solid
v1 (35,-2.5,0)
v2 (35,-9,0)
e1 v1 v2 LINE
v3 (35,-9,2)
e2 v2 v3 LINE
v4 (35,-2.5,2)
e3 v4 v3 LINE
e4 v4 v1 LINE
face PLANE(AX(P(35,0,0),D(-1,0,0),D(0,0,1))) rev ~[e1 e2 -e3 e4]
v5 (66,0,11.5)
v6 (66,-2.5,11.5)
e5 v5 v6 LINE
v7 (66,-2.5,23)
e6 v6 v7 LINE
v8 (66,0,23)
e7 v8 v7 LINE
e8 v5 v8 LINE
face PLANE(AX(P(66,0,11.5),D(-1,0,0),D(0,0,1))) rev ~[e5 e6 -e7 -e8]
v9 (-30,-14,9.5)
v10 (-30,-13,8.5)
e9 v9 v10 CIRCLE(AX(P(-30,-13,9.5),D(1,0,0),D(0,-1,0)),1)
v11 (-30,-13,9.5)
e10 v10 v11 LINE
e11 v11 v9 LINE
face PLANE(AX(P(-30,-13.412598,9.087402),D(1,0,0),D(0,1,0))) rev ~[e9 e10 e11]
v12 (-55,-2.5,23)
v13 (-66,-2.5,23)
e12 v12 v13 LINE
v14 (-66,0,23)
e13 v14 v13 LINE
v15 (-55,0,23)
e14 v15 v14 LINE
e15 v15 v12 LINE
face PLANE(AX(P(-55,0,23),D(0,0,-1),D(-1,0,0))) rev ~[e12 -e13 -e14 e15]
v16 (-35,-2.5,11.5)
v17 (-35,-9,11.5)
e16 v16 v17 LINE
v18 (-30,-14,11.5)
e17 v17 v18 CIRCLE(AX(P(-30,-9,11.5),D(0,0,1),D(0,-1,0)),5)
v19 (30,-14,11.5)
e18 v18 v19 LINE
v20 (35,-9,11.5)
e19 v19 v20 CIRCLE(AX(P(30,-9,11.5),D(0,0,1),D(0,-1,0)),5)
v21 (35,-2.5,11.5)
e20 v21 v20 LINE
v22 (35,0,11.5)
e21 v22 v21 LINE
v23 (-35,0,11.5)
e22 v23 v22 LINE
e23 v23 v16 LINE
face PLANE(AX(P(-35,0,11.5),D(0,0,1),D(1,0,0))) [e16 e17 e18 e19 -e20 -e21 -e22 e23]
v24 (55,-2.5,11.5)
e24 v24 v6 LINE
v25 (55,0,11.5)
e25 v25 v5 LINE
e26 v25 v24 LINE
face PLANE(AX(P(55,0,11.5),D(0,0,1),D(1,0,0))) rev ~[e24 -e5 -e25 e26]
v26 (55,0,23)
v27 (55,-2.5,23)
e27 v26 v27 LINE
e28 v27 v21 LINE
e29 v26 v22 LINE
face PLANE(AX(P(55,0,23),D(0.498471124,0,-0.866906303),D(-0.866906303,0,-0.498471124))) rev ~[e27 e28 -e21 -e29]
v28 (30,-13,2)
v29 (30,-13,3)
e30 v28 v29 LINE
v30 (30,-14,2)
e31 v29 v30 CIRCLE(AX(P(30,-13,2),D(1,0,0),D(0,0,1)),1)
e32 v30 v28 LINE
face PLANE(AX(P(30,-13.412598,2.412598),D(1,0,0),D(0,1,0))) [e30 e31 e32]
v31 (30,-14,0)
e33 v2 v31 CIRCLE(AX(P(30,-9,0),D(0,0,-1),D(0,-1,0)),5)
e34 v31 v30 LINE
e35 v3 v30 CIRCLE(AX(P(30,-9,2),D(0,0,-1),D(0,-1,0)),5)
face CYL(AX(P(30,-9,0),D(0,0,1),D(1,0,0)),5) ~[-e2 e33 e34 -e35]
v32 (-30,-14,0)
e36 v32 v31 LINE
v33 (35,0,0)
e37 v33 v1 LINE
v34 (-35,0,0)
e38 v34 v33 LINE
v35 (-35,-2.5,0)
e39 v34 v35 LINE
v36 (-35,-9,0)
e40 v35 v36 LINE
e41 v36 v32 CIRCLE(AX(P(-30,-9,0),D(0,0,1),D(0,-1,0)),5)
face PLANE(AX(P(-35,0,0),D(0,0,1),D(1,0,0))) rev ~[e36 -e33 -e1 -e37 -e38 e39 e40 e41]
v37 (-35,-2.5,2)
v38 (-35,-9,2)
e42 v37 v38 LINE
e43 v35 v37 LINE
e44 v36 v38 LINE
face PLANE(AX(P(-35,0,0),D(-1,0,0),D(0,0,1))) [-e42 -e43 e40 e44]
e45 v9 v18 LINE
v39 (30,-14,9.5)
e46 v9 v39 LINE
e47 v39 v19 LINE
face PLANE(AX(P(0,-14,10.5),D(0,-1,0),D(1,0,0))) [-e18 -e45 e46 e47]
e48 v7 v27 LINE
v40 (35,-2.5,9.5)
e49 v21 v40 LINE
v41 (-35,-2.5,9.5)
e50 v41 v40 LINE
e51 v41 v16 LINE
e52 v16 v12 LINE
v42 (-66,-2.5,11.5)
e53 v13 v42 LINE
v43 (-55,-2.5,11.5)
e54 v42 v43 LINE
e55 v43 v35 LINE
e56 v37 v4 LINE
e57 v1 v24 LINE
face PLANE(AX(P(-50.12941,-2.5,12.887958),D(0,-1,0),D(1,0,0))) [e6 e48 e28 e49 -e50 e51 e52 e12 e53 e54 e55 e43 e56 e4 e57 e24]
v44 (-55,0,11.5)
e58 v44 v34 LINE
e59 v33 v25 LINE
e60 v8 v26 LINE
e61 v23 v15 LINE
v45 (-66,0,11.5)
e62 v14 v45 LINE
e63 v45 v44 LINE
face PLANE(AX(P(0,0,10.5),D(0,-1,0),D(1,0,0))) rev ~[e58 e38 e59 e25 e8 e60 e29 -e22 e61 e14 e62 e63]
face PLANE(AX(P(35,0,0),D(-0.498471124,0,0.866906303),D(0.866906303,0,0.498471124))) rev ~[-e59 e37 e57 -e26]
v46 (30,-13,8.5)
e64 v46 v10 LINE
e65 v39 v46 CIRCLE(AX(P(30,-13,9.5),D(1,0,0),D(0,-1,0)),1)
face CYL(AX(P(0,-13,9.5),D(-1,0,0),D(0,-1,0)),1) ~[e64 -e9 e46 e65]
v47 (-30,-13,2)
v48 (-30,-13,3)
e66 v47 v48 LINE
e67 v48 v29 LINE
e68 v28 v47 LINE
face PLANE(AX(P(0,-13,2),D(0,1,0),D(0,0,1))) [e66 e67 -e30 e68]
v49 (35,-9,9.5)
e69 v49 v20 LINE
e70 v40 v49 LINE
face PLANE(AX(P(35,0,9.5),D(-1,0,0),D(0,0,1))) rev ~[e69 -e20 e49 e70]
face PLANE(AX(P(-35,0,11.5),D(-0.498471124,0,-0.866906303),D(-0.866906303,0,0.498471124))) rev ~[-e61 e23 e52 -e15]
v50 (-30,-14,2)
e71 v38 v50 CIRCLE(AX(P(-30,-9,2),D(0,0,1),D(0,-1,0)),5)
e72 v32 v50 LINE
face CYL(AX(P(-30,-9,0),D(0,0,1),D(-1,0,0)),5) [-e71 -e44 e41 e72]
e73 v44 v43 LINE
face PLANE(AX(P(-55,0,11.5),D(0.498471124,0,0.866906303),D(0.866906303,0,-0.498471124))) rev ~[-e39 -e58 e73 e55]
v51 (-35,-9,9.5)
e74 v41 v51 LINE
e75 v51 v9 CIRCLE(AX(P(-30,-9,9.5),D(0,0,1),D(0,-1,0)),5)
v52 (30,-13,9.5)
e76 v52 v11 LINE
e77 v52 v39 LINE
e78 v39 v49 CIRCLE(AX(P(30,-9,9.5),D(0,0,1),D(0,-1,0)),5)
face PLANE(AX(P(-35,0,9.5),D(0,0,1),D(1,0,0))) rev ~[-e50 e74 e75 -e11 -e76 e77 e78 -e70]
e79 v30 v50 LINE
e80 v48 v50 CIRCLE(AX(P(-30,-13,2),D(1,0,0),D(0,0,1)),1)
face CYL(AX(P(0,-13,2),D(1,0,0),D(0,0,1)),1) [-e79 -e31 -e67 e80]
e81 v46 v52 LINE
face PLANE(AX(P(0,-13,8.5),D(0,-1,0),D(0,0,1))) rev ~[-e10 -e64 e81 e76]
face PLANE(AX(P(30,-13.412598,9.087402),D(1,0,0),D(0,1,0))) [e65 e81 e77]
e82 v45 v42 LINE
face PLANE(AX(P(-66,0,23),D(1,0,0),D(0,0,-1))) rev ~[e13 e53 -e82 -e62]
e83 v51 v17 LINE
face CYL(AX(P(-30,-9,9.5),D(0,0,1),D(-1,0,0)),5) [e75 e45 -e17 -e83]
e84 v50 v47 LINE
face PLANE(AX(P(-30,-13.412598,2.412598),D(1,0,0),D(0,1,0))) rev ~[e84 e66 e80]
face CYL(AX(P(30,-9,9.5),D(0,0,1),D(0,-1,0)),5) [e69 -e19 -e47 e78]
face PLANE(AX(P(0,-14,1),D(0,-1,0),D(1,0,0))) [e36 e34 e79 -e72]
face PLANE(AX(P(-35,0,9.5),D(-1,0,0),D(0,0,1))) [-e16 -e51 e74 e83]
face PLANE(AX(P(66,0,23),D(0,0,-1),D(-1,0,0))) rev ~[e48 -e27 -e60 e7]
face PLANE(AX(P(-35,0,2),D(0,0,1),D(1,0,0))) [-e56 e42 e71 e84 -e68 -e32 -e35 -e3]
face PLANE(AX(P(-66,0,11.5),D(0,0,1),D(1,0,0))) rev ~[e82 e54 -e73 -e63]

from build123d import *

# Parameters (mm, degrees)
F0_W     = 70
F0_H     = 7.5
F1_DEPTH = 2.5
F0_H_2   = 2
F2_DEPTH = 14
F4_DEPTH = 30
F5_R     = 5


with BuildPart() as f1:
    # F0 (on Front) → F1 (new body)
    with BuildSketch(Plane.XZ):
        Polygon((-55, 23), (-66, 23), (-66, 11.5), (-55, 11.5), (-35, 0), (-35, 2), (-35, 9.5), (-35, 11.5), align=None)
        Polygon((55, 23), (35, 11.5), (35, 9.5), (35, 2), (35, 0), (55, 11.5), (66, 11.5), (66, 23), align=None)
        with Locations((0, 5.75)):
            Rectangle(F0_W, F0_H)
    extrude(amount=F1_DEPTH)

    # F0 (on Front) → F2 (join)
    with BuildSketch(Plane.XZ):
        with Locations((0, 10.5)):
            Rectangle(F0_W, F0_H_2)
        with Locations((0, 1)):
            Rectangle(F0_W, F0_H_2)
    extrude(amount=F2_DEPTH)

    # F3 (on Right) → F4 (join, symmetric)
    with BuildSketch(Plane.YZ):
        with BuildLine():
            Line((-13, 9.5), (-14, 9.5))
            ThreePointArc((-14, 9.5), (-13.7071067812, 8.7928932188), (-13, 8.5))
            Line((-13, 8.5), (-13, 9.5))
        make_face()
        with BuildLine():
            Line((-13, 2), (-13, 3))
            ThreePointArc((-13, 3), (-13.7071067812, 2.7071067812), (-14, 2))
            Line((-14, 2), (-13, 2))
        make_face()
    extrude(amount=F4_DEPTH, both=True)

    # F5
    f5_edges = [f1.edges().sort_by_distance(p)[0] for p in [
        (35, -14, 10.5),
        (35, -14, 1),
        (-35, -14, 1),
        (-35, -14, 10.5),
    ]]
    fillet(f5_edges, radius=F5_R)


solid = f1.part
